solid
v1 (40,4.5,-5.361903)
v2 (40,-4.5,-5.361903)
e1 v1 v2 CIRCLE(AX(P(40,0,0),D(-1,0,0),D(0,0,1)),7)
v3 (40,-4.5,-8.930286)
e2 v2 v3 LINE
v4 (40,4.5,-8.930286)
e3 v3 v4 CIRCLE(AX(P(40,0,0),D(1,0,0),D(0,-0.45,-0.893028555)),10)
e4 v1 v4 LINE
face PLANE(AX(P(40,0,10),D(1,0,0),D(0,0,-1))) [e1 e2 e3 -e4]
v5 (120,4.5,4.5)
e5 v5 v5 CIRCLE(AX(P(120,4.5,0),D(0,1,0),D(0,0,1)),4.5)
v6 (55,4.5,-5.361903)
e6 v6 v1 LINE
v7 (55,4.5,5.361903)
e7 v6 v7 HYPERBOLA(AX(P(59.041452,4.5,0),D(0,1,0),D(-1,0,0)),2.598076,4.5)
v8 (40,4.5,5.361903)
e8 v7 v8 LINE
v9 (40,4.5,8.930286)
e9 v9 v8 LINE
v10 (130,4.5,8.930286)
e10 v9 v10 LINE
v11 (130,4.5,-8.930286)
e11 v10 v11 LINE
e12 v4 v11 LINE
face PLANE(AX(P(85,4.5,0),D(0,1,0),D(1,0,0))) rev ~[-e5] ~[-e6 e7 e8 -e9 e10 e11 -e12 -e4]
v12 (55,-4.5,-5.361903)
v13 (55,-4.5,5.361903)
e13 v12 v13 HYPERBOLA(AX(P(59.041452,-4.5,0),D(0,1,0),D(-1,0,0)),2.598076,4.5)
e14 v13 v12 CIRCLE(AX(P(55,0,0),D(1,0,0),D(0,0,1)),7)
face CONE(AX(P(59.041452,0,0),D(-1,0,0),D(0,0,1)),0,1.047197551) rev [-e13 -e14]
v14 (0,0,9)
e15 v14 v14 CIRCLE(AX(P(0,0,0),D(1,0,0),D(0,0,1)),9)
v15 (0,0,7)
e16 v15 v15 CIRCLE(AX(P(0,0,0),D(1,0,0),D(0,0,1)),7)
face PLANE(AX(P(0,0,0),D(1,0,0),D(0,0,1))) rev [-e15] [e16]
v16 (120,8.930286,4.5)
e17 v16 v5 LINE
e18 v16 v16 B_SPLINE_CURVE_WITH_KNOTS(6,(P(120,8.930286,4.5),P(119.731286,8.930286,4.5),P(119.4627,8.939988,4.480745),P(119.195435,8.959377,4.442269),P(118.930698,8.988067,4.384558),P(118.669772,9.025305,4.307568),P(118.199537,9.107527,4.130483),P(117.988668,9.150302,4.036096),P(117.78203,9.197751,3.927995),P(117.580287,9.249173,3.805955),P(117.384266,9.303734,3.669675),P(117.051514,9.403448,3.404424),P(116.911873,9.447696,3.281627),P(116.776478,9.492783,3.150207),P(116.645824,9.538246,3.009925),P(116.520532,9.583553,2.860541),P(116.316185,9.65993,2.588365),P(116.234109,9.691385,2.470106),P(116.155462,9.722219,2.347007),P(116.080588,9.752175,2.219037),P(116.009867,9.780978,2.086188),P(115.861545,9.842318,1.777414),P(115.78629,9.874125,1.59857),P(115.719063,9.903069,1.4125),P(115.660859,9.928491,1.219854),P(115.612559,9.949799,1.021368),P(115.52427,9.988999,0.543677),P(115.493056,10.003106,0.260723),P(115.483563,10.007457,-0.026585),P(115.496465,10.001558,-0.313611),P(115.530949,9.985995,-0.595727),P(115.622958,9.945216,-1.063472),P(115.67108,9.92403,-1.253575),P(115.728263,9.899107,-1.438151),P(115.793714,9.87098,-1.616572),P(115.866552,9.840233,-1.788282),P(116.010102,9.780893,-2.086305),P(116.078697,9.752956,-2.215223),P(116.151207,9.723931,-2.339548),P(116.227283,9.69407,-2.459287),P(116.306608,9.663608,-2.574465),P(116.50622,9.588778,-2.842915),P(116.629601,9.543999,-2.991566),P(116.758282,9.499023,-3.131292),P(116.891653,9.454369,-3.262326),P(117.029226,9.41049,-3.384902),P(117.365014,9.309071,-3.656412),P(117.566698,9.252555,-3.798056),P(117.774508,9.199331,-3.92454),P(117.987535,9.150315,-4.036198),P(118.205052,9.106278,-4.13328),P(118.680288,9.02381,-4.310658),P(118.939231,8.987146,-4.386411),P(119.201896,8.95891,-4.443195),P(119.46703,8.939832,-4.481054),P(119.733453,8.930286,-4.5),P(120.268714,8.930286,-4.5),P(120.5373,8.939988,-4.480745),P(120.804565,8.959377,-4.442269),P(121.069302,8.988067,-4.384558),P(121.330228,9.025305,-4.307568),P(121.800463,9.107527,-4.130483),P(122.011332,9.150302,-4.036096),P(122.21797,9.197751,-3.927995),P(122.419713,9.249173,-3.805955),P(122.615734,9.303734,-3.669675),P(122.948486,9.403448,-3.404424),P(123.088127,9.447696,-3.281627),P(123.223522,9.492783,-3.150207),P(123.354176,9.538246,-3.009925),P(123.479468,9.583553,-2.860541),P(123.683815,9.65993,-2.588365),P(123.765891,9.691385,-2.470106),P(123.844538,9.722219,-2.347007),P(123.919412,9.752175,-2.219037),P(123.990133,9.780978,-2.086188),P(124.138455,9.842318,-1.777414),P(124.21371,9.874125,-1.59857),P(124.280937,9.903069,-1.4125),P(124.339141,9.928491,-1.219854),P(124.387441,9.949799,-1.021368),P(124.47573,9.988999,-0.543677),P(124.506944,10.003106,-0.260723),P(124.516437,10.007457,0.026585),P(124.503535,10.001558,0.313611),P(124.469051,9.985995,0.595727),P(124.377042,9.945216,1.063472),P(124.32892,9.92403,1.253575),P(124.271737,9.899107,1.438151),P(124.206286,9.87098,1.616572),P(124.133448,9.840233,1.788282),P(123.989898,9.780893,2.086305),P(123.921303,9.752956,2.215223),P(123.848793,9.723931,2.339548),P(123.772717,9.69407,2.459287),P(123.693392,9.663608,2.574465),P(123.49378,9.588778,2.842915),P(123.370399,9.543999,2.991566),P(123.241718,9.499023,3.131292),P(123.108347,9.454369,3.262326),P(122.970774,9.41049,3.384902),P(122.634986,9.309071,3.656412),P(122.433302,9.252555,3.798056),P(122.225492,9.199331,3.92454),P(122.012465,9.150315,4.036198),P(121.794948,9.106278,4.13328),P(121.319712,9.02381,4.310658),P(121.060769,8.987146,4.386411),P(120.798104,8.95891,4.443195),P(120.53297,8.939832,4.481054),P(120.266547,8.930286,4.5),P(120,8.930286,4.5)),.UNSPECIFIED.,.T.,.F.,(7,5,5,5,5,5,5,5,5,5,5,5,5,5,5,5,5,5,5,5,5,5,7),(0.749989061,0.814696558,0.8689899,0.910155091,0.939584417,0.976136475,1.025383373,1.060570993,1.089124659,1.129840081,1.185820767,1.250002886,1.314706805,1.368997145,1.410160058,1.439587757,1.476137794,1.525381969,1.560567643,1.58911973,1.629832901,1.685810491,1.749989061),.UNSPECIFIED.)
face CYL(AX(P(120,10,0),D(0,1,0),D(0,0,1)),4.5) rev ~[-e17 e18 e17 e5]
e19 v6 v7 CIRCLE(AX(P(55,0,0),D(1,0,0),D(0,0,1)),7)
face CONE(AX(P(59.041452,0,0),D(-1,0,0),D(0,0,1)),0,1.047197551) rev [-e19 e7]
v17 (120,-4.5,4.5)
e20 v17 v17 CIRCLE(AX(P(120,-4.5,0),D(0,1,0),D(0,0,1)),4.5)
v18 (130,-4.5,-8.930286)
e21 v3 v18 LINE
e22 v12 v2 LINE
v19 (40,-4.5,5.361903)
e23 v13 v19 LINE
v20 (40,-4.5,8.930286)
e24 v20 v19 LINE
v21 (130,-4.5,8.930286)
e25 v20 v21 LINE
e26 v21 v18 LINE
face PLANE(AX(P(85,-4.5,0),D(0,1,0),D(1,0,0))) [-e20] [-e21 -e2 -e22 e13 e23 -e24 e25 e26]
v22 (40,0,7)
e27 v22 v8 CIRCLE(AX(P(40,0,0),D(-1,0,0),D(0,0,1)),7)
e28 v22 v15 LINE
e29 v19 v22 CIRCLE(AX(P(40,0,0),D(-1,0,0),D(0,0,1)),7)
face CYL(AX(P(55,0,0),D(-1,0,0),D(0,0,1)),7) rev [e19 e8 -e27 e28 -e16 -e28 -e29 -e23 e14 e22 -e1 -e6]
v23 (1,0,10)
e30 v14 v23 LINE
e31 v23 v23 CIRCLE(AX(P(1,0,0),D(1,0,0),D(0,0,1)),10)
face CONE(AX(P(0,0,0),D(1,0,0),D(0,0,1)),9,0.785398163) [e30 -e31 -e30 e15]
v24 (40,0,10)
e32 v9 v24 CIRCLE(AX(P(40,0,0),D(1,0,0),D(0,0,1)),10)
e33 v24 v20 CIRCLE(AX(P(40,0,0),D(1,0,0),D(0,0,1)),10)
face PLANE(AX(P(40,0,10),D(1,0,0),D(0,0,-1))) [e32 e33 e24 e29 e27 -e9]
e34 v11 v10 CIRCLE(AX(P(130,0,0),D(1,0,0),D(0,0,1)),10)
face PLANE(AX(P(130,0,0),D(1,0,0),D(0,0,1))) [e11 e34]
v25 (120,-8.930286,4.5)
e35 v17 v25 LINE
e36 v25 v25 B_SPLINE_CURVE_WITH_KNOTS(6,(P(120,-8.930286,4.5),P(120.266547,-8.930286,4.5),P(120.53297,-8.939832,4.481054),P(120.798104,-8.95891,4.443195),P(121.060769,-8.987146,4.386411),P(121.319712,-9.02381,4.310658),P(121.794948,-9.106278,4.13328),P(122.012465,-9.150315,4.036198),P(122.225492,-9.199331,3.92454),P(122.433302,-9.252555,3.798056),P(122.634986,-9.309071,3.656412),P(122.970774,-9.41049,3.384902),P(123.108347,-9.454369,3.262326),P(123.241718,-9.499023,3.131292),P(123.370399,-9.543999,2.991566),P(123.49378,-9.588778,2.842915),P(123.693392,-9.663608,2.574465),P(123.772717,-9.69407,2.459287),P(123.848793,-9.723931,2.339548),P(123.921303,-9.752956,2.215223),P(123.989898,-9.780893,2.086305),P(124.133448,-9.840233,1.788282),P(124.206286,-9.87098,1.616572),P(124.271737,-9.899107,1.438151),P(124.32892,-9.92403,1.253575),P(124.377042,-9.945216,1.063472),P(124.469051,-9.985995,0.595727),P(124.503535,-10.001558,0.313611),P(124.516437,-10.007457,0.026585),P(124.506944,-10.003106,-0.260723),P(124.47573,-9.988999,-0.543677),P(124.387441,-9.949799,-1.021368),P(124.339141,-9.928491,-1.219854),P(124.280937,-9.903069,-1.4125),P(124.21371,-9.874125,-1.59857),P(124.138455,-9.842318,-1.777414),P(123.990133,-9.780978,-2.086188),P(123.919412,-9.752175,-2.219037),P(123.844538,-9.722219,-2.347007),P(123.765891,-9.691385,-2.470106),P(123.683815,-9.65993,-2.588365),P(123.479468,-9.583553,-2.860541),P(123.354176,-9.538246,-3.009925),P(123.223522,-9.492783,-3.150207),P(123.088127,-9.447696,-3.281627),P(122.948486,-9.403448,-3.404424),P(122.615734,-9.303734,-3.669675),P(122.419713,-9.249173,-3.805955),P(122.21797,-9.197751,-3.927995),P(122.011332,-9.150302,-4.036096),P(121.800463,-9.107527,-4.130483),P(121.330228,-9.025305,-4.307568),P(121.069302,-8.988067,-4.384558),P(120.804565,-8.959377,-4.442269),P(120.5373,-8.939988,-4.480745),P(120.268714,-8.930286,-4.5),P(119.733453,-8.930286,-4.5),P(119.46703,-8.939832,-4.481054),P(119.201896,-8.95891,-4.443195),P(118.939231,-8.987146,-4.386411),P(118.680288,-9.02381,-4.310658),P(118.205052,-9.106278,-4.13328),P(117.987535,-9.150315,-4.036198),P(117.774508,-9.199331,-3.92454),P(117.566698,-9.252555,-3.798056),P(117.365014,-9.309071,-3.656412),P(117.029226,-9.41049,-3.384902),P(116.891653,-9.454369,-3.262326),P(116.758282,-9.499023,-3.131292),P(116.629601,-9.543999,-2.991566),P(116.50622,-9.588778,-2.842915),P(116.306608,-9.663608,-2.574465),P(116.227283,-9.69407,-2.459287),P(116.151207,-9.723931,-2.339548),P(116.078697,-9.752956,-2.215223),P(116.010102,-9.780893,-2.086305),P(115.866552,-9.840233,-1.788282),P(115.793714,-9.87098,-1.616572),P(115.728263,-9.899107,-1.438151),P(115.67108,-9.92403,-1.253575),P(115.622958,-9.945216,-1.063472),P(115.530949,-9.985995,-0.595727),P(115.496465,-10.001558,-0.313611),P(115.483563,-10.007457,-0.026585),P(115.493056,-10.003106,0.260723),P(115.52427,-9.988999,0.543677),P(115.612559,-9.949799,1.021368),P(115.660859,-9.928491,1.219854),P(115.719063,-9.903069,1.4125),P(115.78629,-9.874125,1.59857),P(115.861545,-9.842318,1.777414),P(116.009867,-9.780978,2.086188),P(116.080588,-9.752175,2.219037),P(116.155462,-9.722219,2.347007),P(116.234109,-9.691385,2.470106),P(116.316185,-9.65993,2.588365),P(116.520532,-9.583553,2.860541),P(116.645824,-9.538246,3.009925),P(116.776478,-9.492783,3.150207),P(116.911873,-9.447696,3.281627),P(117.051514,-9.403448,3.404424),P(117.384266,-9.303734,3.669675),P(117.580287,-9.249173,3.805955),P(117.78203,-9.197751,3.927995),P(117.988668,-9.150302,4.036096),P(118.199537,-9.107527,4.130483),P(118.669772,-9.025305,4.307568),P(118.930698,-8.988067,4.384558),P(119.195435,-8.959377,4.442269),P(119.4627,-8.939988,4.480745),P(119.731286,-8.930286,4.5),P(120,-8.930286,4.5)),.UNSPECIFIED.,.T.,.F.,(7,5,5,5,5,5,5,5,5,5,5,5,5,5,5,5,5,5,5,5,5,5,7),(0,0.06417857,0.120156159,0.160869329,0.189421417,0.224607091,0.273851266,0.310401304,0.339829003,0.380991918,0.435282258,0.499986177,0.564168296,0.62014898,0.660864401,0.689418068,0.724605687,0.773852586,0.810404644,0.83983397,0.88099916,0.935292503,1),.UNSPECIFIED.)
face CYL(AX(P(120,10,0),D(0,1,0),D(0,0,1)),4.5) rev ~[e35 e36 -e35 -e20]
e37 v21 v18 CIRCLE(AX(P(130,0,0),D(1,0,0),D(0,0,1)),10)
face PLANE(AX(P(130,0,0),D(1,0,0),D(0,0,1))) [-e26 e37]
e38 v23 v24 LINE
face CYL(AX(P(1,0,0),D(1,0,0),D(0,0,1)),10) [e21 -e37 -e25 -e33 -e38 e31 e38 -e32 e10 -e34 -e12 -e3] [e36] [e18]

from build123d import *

# Parameters (mm, degrees)
ESQUISSE2_R             = 4.5
ENL_V_MAT_EXTRU_1_DEPTH = 132.909059583
ESQUISSE3_W             = 90
ESQUISSE3_H             = 20
ENL_V_MAT_EXTRU_2_DEPTH = 4.5


with BuildPart() as part:
    # Esquisse1 → Base-Révolution (revolve)
    with BuildSketch(Plane.XY, mode=Mode.PRIVATE) as base_r_volution_sk:
        Polygon((0, 7), (0, 9), (1, 10), (130, 10), (130, 0), (59.041451884, 0), (55, 7), align=None)
    revolve(base_r_volution_sk.sketch.rotate(Axis((0, 0, 0), (1, 0, 0)), 90), axis=Axis((0, 0, 0), (1, 0, 0)))

    # Esquisse2 → Enlèv. mat.-Extru.1 (cut, through all)
    with BuildSketch(Plane(origin=(0, 10, 0), x_dir=(-1, 0, 0), z_dir=(0, 1, 0))):
        with Locations(Location((-120, 0, 0), (0, 0, 90))):
            Circle(ESQUISSE2_R)
    extrude(amount=-ENL_V_MAT_EXTRU_1_DEPTH, mode=Mode.SUBTRACT)

    # Esquisse3 → Enlèv. mat.-Extru.2 (cut, symmetric)
    with BuildSketch(Plane(origin=(0, 0, 0), x_dir=(1, 0, 0), z_dir=(0, 1, 0))):
        with Locations((85, 0)):
            Rectangle(ESQUISSE3_W, ESQUISSE3_H)
    extrude(amount=ENL_V_MAT_EXTRU_2_DEPTH, both=True, mode=Mode.SUBTRACT)


solid = part.part
